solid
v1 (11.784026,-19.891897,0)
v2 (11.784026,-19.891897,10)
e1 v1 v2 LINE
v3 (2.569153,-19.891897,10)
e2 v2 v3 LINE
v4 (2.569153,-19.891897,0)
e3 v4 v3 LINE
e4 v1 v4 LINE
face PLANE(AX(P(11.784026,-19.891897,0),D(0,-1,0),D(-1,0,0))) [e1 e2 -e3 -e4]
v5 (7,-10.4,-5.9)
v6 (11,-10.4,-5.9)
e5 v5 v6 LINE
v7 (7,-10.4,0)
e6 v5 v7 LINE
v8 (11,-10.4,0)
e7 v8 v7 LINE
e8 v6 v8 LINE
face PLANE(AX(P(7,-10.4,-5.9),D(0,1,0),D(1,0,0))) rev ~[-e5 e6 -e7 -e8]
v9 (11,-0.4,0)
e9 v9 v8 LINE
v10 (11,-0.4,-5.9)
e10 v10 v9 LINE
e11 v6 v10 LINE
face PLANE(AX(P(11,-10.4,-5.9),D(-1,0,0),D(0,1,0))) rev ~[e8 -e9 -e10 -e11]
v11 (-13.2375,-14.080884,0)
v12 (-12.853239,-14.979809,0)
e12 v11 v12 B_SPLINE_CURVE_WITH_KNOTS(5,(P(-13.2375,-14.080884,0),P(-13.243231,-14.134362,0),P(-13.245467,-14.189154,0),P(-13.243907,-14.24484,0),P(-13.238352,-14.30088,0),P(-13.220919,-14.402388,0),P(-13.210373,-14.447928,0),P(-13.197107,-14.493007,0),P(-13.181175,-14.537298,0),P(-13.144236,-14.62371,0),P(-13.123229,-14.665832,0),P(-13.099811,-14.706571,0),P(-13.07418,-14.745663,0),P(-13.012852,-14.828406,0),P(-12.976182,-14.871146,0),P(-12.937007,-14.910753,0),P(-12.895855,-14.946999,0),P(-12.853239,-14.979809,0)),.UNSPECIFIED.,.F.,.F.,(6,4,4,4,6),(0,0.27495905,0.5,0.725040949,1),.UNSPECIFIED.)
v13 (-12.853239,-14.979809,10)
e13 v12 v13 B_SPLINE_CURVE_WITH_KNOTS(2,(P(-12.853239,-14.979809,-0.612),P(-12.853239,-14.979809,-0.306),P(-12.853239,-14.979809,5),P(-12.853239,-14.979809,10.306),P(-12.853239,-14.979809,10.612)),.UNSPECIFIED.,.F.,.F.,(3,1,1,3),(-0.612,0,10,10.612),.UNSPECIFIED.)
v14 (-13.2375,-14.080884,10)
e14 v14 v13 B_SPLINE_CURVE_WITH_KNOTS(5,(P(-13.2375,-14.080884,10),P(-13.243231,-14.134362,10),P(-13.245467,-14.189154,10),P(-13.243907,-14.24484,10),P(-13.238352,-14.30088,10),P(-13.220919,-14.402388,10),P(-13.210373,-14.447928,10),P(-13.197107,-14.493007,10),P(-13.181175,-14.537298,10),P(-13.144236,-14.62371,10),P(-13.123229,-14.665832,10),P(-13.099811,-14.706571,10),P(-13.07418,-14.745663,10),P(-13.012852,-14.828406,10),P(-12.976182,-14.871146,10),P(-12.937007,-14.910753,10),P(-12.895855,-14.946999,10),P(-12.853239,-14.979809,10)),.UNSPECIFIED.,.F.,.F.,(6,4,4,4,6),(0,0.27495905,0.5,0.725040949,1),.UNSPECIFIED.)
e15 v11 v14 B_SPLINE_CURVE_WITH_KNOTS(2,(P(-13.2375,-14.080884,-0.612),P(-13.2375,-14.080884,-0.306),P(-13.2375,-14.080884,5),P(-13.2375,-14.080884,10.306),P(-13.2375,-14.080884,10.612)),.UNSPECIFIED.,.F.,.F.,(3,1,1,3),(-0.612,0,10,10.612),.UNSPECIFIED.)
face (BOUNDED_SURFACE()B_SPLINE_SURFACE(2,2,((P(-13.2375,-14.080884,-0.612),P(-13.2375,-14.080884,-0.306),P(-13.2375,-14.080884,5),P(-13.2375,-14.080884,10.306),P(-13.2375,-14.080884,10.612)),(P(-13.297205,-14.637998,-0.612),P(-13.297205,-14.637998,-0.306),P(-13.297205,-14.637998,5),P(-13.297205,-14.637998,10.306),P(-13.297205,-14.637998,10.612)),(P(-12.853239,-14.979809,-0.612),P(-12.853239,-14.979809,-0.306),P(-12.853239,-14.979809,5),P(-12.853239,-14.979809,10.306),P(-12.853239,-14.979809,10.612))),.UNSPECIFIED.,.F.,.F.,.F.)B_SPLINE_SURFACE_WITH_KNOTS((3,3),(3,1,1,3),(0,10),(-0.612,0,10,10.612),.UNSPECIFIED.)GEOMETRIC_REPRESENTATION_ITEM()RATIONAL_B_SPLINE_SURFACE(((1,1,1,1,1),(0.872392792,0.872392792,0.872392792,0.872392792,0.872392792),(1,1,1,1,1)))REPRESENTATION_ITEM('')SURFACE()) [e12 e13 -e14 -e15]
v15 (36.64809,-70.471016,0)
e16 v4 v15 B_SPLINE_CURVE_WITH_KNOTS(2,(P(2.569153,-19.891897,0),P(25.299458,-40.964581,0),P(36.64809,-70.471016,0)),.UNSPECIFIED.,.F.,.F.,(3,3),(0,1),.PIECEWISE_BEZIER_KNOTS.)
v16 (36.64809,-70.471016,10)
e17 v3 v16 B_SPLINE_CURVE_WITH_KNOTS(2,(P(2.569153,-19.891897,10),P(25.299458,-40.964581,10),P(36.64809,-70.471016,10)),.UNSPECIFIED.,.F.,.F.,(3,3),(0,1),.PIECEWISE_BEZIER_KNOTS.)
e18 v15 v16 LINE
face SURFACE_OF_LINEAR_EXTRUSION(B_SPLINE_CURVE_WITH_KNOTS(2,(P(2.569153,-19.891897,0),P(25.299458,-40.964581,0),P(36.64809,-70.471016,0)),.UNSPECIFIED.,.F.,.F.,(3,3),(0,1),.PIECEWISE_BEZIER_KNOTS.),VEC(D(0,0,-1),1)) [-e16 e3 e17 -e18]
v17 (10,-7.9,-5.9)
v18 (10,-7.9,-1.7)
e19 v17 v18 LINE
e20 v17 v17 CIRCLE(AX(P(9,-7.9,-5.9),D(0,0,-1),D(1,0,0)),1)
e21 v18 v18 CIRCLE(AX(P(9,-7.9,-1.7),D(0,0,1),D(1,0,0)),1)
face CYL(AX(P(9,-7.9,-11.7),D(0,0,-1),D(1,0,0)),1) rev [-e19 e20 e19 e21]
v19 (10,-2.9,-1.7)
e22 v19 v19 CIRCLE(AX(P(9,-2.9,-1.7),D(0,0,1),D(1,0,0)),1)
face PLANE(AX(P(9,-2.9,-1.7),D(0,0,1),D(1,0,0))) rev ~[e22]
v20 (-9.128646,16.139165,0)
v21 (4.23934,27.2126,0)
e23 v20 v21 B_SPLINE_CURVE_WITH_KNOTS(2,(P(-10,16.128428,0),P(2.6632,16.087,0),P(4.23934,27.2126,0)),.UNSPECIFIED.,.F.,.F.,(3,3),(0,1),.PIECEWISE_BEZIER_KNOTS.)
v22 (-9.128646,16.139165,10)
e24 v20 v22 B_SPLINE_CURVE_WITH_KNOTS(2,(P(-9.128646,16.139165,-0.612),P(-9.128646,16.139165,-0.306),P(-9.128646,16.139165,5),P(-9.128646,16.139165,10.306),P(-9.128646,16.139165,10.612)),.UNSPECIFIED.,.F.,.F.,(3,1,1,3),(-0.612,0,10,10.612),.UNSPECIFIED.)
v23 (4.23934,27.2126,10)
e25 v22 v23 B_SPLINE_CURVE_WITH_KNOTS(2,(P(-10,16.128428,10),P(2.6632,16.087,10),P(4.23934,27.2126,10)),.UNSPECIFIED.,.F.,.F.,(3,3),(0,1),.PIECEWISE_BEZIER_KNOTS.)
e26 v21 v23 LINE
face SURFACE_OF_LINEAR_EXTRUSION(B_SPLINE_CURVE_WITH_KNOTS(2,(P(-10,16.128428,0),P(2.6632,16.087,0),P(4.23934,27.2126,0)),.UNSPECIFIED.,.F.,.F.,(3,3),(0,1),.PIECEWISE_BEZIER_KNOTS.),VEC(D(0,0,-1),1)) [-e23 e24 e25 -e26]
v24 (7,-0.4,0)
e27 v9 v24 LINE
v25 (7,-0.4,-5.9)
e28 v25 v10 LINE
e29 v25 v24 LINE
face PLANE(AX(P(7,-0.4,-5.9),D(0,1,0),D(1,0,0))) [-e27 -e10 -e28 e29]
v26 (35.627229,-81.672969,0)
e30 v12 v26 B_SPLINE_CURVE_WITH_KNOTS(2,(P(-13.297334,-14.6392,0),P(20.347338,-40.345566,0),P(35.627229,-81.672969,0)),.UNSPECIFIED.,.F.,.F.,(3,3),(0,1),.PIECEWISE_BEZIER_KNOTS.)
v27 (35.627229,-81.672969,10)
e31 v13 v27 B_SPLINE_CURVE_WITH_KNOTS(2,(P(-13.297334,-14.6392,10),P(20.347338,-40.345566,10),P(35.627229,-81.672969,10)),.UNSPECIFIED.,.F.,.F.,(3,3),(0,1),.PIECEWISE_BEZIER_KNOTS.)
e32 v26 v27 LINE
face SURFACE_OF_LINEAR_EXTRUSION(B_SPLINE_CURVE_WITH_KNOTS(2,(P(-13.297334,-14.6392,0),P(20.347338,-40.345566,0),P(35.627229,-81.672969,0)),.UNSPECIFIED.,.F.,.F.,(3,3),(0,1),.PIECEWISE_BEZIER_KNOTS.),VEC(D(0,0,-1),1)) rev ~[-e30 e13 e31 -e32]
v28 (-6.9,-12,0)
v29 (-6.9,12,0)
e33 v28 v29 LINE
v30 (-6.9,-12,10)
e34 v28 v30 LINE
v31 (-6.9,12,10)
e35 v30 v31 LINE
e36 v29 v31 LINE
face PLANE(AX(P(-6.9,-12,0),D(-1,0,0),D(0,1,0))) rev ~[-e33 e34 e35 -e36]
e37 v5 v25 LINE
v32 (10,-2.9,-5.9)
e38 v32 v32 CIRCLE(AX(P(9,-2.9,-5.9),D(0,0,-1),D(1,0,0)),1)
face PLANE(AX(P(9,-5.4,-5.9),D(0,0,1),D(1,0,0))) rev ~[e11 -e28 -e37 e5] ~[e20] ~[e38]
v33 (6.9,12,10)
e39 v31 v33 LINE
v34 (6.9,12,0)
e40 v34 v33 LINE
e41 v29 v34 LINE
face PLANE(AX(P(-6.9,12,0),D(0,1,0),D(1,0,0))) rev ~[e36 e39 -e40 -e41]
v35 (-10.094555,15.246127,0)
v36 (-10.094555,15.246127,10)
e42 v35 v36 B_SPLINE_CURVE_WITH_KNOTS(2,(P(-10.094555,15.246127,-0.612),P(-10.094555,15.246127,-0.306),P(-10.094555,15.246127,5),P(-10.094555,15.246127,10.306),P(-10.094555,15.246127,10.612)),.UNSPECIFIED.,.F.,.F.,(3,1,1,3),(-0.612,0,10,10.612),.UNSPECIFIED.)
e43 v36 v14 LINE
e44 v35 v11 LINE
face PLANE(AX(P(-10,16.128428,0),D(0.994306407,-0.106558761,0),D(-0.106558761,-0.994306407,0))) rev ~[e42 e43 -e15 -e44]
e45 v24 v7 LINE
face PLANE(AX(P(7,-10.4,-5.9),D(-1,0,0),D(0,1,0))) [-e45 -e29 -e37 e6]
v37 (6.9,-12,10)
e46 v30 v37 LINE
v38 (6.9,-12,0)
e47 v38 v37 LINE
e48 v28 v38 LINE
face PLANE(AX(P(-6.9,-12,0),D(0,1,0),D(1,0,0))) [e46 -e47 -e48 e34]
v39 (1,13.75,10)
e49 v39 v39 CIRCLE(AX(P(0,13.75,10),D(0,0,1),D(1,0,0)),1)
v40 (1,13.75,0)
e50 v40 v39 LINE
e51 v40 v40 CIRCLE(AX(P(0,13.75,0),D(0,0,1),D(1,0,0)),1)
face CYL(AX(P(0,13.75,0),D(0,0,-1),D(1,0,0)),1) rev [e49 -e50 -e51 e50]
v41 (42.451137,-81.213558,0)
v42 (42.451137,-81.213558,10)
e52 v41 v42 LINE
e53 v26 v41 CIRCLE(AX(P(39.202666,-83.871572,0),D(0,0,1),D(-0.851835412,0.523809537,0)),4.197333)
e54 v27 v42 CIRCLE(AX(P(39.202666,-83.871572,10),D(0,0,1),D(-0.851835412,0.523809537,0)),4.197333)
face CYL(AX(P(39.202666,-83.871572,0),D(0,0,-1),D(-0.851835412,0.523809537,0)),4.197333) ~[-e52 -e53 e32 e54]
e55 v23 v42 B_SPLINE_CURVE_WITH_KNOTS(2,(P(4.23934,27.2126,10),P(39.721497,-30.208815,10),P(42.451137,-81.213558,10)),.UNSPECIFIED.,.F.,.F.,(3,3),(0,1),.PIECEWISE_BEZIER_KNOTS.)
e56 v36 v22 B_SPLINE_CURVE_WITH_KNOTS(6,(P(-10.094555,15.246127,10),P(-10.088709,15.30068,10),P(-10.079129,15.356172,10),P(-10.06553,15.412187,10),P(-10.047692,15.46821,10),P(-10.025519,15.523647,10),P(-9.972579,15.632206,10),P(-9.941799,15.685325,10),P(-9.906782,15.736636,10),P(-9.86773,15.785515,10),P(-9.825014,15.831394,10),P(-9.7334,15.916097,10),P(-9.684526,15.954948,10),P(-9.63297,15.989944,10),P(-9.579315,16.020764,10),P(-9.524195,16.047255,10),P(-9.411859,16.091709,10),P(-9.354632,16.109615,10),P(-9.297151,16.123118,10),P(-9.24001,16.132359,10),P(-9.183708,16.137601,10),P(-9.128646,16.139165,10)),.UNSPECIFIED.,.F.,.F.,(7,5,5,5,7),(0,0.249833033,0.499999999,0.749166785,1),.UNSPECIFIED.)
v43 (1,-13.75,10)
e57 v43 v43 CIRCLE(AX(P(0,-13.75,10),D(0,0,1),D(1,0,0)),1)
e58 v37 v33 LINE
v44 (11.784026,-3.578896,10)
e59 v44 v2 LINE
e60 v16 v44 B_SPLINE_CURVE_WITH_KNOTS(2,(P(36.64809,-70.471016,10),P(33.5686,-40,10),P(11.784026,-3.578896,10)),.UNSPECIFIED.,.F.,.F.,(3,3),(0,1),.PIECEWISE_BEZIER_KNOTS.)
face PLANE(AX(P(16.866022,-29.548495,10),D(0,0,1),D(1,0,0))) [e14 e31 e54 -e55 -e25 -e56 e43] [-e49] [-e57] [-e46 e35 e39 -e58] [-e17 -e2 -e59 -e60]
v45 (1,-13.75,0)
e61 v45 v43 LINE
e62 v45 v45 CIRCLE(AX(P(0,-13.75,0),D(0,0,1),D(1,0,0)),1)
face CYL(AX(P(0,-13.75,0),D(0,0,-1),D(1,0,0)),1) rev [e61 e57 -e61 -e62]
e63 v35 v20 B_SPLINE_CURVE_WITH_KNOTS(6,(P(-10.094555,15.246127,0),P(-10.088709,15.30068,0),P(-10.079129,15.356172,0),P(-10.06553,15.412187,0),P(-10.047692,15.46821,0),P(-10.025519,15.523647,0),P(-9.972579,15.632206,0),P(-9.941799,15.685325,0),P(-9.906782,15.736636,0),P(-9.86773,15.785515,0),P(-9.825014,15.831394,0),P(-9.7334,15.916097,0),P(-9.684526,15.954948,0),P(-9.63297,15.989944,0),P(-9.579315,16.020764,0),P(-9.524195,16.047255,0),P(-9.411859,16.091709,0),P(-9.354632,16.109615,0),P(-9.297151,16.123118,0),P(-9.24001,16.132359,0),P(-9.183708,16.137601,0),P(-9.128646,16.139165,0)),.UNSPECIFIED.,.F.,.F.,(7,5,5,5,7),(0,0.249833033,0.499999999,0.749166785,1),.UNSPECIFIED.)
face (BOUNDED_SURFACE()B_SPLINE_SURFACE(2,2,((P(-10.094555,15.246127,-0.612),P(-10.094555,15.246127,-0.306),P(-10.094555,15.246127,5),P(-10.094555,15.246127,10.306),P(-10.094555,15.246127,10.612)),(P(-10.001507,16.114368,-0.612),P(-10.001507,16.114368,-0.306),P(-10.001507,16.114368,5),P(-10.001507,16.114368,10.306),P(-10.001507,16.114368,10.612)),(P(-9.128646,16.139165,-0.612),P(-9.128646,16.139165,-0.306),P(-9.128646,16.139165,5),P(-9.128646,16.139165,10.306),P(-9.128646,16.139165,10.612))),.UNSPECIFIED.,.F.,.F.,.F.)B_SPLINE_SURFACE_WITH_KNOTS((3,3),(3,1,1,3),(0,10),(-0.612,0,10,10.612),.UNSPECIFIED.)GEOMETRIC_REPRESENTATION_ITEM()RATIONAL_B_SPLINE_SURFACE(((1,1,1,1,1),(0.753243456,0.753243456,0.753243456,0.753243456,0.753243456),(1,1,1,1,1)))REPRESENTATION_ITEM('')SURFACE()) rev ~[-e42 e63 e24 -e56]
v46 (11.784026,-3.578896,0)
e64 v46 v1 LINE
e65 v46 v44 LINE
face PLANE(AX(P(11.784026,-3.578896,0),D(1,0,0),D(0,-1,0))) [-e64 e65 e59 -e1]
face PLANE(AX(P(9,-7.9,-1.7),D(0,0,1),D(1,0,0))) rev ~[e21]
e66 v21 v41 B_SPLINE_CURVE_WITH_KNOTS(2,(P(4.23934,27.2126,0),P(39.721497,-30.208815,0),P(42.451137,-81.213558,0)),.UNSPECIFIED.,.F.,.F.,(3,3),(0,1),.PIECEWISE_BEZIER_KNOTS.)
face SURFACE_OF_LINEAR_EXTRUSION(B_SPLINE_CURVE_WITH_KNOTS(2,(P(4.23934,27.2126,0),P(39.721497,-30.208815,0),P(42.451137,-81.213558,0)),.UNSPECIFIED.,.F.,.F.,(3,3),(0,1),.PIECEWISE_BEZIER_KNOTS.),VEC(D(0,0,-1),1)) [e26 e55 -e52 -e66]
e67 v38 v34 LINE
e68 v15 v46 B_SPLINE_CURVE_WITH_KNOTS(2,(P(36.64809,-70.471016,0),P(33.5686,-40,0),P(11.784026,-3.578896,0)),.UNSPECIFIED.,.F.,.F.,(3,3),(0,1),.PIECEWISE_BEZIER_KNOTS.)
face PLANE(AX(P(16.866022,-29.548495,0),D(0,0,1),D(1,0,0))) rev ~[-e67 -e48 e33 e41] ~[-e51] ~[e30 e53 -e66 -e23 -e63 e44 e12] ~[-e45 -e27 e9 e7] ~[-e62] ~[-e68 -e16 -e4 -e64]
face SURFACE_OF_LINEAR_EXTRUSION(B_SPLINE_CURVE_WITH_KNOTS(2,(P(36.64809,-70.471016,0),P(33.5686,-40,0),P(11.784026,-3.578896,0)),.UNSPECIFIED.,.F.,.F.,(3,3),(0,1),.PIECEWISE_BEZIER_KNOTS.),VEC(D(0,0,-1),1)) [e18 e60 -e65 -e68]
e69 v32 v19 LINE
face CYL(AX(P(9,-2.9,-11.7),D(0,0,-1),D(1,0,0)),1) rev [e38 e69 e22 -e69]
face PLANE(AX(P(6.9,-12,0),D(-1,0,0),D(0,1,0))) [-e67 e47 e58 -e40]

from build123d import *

# Parameters (mm, degrees)
CYLINDER020_R     = 1
CYLINDER020_DEPTH = 10
CYLINDER019_R     = 1
CYLINDER019_DEPTH = 10
BOX008_W          = 4
BOX008_H          = 10
BOX008_DEPTH      = 8.9
SKETCH003_W       = 13.8
SKETCH003_H       = 24
SKETCH003_R       = 1
EXTRUDE003_DEPTH  = 10
FILLET001_R       = 1


with BuildPart() as cylinder020:
    # Cylinder020 → Cylinder020 (new body)
    with BuildSketch(Plane(origin=(9, -2.9, -11.7), x_dir=(1, 0, 0), z_dir=(0, 0, 1))):
        Circle(CYLINDER020_R)
    extrude(amount=CYLINDER020_DEPTH)


with BuildPart() as cylinder019:
    # Cylinder019 → Cylinder019 (new body)
    with BuildSketch(Plane(origin=(9, -7.9, -11.7), x_dir=(1, 0, 0), z_dir=(0, 0, 1))):
        Circle(CYLINDER019_R)
    extrude(amount=CYLINDER019_DEPTH)


with BuildPart() as cube:
    # Box008 → Box008 (new body)
    with BuildSketch(Plane(origin=(7, -10.4, -5.9), x_dir=(1, 0, 0), z_dir=(0, 0, 1))):
        with Locations((2, 5)):
            Rectangle(BOX008_W, BOX008_H)
    extrude(amount=BOX008_DEPTH)


with BuildPart() as version_final:
    # Sketch003 → Extrude003 (new body)
    with BuildSketch(Plane.XY):
        with BuildLine():
            Line((-10, 16.128428), (-13.297334, -14.6392))
            add(Edge.make_bspline(
                [(-13.297334, -14.6392), (20.347338, -40.345566), (35.627229, -81.672969)],
                knots=[0, 0, 0, 1, 1, 1], degree=2))
            ThreePointArc((35.627229, -81.672969), (39.484607, -88.059425), (42.451137, -81.213558))
            add(Edge.make_bspline(
                [(4.23934, 27.2126), (39.721497, -30.208815), (42.451137, -81.213558)],
                knots=[0, 0, 0, 1, 1, 1], degree=2))
            add(Edge.make_bspline(
                [(-10, 16.128428), (2.6632, 16.087), (4.23934, 27.2126)],
                knots=[0, 0, 0, 1, 1, 1], degree=2))
        make_face()
        Rectangle(SKETCH003_W, SKETCH003_H, mode=Mode.SUBTRACT)
        with Locations((0, -13.75)):
            Circle(SKETCH003_R, mode=Mode.SUBTRACT)
        with Locations((0, 13.75)):
            Circle(SKETCH003_R, mode=Mode.SUBTRACT)
        with BuildLine():
            add(Edge.make_bspline(
                [(2.569153, -19.891897), (25.299458, -40.964581), (36.64809, -70.471016)],
                knots=[0, 0, 0, 1, 1, 1], degree=2))
            add(Edge.make_bspline(
                [(36.64809, -70.471016), (33.5686, -40), (11.784026, -3.578896)],
                knots=[0, 0, 0, 1, 1, 1], degree=2))
            Line((11.784026, -3.578896), (11.784026, -19.891897))
            Line((11.784026, -19.891897), (2.569153, -19.891897))
        make_face(mode=Mode.SUBTRACT)
    extrude(amount=EXTRUDE003_DEPTH)

    # Fillet001
    fillet001_edges = [version_final.edges().sort_by_distance(p)[0] for p in [
        (-10, 16.128428, 5),
        (-13.297334, -14.6392, 5),
    ]]
    fillet(fillet001_edges, radius=FILLET001_R)

    # Fusion012: union Cube
    add(cube.part)

    # Cut006: cut Cylinder019
    add(cylinder019.part, mode=Mode.SUBTRACT)

    # Cut007: cut Cylinder020
    add(cylinder020.part, mode=Mode.SUBTRACT)


solid = version_final.part
